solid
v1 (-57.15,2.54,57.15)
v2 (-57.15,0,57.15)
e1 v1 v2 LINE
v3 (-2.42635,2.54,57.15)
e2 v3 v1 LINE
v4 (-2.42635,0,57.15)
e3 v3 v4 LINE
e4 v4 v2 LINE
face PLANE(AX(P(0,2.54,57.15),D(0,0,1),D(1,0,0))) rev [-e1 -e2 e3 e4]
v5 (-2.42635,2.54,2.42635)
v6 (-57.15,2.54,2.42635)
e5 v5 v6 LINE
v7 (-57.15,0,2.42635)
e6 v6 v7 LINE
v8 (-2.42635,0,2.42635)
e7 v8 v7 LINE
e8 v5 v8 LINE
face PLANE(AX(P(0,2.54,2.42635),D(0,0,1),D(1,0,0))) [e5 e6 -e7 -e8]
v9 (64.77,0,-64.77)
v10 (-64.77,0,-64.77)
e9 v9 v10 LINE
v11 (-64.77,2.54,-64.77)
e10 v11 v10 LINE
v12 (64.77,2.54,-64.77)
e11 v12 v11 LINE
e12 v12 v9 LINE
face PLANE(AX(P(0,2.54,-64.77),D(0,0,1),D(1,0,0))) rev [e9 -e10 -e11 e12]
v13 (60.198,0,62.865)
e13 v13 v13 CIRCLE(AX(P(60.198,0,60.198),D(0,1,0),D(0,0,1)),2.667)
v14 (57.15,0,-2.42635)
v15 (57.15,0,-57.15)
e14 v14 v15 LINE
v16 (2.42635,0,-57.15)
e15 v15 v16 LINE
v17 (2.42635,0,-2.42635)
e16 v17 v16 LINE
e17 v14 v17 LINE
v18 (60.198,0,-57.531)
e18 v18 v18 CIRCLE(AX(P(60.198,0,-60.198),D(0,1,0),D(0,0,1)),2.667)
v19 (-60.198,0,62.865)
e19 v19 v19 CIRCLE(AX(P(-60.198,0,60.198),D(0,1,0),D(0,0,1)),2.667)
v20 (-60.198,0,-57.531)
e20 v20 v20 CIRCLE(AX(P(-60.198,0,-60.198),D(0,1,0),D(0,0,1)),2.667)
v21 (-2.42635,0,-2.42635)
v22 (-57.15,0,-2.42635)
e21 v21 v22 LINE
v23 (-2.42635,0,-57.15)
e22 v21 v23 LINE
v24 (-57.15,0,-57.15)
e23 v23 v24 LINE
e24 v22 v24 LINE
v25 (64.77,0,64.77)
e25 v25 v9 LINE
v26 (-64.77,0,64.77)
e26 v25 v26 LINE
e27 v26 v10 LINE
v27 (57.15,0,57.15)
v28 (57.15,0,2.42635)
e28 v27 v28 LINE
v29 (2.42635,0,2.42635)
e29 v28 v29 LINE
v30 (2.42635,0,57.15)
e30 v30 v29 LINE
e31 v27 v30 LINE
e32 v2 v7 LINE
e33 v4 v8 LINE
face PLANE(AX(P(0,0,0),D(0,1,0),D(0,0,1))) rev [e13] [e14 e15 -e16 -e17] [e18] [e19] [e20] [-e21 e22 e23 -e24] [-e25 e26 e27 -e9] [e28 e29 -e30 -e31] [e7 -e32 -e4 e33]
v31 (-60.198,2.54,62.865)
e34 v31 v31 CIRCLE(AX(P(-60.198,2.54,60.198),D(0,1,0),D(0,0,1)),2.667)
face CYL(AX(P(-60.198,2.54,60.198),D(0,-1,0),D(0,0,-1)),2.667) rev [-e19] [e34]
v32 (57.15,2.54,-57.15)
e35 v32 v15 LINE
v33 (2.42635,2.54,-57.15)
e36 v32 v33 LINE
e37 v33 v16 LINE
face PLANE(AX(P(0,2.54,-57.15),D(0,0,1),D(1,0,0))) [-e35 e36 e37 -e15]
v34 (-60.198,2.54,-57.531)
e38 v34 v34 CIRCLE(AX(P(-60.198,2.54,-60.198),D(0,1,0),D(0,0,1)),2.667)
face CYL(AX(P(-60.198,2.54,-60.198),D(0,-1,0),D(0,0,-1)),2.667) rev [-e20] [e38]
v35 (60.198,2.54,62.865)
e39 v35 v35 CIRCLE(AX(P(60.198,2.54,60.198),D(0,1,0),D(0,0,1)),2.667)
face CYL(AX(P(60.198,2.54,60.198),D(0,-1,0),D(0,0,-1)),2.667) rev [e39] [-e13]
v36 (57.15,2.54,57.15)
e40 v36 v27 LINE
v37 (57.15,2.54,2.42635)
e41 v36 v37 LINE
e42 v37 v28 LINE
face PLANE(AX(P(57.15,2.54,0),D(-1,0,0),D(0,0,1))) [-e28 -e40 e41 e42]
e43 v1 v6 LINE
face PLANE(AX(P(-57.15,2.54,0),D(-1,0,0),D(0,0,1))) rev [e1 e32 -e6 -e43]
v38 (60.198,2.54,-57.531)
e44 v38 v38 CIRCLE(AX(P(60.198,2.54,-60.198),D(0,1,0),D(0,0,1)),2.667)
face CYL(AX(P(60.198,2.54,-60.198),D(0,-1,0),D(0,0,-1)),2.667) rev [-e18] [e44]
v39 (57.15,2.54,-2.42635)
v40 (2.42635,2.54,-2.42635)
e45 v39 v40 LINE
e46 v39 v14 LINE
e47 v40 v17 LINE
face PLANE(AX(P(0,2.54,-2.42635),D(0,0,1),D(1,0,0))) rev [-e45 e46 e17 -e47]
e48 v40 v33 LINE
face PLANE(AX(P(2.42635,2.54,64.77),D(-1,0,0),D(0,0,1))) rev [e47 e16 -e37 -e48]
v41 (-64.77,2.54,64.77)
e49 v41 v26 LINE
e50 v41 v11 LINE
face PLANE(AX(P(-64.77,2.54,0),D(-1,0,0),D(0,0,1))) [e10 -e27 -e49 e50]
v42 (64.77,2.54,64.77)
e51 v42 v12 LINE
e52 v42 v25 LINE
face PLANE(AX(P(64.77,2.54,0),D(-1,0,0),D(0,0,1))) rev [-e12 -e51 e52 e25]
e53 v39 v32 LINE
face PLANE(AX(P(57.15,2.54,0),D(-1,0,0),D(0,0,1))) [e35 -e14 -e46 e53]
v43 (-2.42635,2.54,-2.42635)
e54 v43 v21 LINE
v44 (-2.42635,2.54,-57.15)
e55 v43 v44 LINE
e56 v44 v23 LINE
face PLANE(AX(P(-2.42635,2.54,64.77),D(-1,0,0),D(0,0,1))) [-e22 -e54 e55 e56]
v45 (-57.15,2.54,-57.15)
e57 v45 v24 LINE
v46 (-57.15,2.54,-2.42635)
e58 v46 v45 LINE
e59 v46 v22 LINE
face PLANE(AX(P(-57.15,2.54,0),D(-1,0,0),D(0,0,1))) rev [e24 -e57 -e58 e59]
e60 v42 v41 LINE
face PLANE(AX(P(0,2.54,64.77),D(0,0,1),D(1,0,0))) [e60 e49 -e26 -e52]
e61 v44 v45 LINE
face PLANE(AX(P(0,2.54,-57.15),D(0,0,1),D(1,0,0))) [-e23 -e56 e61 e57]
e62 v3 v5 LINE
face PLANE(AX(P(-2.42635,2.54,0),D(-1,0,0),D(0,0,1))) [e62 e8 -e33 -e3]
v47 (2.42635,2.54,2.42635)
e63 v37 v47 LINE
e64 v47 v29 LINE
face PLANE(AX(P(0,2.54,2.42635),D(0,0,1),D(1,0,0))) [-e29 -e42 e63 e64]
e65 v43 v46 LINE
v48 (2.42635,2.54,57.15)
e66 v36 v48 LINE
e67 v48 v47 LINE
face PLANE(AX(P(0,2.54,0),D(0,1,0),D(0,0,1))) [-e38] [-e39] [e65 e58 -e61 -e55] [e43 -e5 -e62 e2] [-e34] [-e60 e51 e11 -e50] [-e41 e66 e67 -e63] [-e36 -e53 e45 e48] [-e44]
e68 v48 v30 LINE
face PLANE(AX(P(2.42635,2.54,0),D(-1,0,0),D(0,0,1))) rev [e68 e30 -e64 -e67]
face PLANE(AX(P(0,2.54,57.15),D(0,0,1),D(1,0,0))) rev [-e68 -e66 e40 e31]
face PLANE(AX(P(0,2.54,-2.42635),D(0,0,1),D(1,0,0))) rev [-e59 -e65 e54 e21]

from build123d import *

# Parameters (mm, degrees)
SKETCH1_W           = 129.54
SKETCH1_H           = 129.54
SKETCH1_R           = 2.667
SKETCH1_W_2         = 114.3
SKETCH1_H_2         = 114.3
SKETCH1_H_3         = 4.852699468
SKETCH1_W_3         = 4.852699468
BOSS_EXTRUDE1_DEPTH = 2.54


with BuildPart() as part:
    # Sketch1 → Boss-Extrude1 (new body)
    # profile 1 of 3: a face of its own
    with BuildSketch(Plane(origin=(0, 0, 0), x_dir=(1, 0, 0), z_dir=(0, 1, 0))):
        Rectangle(SKETCH1_W, SKETCH1_H)
        with Locations(Location((-60.198, -60.198, 0), (0, 0, 270))):
            Circle(SKETCH1_R, mode=Mode.SUBTRACT)
        with Locations(Location((60.198, -60.198, 0), (0, 0, 270))):
            Circle(SKETCH1_R, mode=Mode.SUBTRACT)
        with Locations(Location((-60.198, 60.198, 0), (0, 0, 270))):
            Circle(SKETCH1_R, mode=Mode.SUBTRACT)
        with Locations(Location((60.198, 60.198, 0), (0, 0, 270))):
            Circle(SKETCH1_R, mode=Mode.SUBTRACT)
        Rectangle(SKETCH1_W_2, SKETCH1_H_2, mode=Mode.SUBTRACT)
    # profile 2 of 3: a face of its own
    with BuildSketch(Plane(origin=(0, 0, 0), x_dir=(1, 0, 0), z_dir=(0, 1, 0))):
        Rectangle(SKETCH1_W, SKETCH1_H_3)
    # profile 3 of 3: a face of its own
    with BuildSketch(Plane(origin=(0, 0, 0), x_dir=(1, 0, 0), z_dir=(0, 1, 0))):
        Rectangle(SKETCH1_W_3, SKETCH1_H)
    extrude(amount=BOSS_EXTRUDE1_DEPTH)


solid = part.part
